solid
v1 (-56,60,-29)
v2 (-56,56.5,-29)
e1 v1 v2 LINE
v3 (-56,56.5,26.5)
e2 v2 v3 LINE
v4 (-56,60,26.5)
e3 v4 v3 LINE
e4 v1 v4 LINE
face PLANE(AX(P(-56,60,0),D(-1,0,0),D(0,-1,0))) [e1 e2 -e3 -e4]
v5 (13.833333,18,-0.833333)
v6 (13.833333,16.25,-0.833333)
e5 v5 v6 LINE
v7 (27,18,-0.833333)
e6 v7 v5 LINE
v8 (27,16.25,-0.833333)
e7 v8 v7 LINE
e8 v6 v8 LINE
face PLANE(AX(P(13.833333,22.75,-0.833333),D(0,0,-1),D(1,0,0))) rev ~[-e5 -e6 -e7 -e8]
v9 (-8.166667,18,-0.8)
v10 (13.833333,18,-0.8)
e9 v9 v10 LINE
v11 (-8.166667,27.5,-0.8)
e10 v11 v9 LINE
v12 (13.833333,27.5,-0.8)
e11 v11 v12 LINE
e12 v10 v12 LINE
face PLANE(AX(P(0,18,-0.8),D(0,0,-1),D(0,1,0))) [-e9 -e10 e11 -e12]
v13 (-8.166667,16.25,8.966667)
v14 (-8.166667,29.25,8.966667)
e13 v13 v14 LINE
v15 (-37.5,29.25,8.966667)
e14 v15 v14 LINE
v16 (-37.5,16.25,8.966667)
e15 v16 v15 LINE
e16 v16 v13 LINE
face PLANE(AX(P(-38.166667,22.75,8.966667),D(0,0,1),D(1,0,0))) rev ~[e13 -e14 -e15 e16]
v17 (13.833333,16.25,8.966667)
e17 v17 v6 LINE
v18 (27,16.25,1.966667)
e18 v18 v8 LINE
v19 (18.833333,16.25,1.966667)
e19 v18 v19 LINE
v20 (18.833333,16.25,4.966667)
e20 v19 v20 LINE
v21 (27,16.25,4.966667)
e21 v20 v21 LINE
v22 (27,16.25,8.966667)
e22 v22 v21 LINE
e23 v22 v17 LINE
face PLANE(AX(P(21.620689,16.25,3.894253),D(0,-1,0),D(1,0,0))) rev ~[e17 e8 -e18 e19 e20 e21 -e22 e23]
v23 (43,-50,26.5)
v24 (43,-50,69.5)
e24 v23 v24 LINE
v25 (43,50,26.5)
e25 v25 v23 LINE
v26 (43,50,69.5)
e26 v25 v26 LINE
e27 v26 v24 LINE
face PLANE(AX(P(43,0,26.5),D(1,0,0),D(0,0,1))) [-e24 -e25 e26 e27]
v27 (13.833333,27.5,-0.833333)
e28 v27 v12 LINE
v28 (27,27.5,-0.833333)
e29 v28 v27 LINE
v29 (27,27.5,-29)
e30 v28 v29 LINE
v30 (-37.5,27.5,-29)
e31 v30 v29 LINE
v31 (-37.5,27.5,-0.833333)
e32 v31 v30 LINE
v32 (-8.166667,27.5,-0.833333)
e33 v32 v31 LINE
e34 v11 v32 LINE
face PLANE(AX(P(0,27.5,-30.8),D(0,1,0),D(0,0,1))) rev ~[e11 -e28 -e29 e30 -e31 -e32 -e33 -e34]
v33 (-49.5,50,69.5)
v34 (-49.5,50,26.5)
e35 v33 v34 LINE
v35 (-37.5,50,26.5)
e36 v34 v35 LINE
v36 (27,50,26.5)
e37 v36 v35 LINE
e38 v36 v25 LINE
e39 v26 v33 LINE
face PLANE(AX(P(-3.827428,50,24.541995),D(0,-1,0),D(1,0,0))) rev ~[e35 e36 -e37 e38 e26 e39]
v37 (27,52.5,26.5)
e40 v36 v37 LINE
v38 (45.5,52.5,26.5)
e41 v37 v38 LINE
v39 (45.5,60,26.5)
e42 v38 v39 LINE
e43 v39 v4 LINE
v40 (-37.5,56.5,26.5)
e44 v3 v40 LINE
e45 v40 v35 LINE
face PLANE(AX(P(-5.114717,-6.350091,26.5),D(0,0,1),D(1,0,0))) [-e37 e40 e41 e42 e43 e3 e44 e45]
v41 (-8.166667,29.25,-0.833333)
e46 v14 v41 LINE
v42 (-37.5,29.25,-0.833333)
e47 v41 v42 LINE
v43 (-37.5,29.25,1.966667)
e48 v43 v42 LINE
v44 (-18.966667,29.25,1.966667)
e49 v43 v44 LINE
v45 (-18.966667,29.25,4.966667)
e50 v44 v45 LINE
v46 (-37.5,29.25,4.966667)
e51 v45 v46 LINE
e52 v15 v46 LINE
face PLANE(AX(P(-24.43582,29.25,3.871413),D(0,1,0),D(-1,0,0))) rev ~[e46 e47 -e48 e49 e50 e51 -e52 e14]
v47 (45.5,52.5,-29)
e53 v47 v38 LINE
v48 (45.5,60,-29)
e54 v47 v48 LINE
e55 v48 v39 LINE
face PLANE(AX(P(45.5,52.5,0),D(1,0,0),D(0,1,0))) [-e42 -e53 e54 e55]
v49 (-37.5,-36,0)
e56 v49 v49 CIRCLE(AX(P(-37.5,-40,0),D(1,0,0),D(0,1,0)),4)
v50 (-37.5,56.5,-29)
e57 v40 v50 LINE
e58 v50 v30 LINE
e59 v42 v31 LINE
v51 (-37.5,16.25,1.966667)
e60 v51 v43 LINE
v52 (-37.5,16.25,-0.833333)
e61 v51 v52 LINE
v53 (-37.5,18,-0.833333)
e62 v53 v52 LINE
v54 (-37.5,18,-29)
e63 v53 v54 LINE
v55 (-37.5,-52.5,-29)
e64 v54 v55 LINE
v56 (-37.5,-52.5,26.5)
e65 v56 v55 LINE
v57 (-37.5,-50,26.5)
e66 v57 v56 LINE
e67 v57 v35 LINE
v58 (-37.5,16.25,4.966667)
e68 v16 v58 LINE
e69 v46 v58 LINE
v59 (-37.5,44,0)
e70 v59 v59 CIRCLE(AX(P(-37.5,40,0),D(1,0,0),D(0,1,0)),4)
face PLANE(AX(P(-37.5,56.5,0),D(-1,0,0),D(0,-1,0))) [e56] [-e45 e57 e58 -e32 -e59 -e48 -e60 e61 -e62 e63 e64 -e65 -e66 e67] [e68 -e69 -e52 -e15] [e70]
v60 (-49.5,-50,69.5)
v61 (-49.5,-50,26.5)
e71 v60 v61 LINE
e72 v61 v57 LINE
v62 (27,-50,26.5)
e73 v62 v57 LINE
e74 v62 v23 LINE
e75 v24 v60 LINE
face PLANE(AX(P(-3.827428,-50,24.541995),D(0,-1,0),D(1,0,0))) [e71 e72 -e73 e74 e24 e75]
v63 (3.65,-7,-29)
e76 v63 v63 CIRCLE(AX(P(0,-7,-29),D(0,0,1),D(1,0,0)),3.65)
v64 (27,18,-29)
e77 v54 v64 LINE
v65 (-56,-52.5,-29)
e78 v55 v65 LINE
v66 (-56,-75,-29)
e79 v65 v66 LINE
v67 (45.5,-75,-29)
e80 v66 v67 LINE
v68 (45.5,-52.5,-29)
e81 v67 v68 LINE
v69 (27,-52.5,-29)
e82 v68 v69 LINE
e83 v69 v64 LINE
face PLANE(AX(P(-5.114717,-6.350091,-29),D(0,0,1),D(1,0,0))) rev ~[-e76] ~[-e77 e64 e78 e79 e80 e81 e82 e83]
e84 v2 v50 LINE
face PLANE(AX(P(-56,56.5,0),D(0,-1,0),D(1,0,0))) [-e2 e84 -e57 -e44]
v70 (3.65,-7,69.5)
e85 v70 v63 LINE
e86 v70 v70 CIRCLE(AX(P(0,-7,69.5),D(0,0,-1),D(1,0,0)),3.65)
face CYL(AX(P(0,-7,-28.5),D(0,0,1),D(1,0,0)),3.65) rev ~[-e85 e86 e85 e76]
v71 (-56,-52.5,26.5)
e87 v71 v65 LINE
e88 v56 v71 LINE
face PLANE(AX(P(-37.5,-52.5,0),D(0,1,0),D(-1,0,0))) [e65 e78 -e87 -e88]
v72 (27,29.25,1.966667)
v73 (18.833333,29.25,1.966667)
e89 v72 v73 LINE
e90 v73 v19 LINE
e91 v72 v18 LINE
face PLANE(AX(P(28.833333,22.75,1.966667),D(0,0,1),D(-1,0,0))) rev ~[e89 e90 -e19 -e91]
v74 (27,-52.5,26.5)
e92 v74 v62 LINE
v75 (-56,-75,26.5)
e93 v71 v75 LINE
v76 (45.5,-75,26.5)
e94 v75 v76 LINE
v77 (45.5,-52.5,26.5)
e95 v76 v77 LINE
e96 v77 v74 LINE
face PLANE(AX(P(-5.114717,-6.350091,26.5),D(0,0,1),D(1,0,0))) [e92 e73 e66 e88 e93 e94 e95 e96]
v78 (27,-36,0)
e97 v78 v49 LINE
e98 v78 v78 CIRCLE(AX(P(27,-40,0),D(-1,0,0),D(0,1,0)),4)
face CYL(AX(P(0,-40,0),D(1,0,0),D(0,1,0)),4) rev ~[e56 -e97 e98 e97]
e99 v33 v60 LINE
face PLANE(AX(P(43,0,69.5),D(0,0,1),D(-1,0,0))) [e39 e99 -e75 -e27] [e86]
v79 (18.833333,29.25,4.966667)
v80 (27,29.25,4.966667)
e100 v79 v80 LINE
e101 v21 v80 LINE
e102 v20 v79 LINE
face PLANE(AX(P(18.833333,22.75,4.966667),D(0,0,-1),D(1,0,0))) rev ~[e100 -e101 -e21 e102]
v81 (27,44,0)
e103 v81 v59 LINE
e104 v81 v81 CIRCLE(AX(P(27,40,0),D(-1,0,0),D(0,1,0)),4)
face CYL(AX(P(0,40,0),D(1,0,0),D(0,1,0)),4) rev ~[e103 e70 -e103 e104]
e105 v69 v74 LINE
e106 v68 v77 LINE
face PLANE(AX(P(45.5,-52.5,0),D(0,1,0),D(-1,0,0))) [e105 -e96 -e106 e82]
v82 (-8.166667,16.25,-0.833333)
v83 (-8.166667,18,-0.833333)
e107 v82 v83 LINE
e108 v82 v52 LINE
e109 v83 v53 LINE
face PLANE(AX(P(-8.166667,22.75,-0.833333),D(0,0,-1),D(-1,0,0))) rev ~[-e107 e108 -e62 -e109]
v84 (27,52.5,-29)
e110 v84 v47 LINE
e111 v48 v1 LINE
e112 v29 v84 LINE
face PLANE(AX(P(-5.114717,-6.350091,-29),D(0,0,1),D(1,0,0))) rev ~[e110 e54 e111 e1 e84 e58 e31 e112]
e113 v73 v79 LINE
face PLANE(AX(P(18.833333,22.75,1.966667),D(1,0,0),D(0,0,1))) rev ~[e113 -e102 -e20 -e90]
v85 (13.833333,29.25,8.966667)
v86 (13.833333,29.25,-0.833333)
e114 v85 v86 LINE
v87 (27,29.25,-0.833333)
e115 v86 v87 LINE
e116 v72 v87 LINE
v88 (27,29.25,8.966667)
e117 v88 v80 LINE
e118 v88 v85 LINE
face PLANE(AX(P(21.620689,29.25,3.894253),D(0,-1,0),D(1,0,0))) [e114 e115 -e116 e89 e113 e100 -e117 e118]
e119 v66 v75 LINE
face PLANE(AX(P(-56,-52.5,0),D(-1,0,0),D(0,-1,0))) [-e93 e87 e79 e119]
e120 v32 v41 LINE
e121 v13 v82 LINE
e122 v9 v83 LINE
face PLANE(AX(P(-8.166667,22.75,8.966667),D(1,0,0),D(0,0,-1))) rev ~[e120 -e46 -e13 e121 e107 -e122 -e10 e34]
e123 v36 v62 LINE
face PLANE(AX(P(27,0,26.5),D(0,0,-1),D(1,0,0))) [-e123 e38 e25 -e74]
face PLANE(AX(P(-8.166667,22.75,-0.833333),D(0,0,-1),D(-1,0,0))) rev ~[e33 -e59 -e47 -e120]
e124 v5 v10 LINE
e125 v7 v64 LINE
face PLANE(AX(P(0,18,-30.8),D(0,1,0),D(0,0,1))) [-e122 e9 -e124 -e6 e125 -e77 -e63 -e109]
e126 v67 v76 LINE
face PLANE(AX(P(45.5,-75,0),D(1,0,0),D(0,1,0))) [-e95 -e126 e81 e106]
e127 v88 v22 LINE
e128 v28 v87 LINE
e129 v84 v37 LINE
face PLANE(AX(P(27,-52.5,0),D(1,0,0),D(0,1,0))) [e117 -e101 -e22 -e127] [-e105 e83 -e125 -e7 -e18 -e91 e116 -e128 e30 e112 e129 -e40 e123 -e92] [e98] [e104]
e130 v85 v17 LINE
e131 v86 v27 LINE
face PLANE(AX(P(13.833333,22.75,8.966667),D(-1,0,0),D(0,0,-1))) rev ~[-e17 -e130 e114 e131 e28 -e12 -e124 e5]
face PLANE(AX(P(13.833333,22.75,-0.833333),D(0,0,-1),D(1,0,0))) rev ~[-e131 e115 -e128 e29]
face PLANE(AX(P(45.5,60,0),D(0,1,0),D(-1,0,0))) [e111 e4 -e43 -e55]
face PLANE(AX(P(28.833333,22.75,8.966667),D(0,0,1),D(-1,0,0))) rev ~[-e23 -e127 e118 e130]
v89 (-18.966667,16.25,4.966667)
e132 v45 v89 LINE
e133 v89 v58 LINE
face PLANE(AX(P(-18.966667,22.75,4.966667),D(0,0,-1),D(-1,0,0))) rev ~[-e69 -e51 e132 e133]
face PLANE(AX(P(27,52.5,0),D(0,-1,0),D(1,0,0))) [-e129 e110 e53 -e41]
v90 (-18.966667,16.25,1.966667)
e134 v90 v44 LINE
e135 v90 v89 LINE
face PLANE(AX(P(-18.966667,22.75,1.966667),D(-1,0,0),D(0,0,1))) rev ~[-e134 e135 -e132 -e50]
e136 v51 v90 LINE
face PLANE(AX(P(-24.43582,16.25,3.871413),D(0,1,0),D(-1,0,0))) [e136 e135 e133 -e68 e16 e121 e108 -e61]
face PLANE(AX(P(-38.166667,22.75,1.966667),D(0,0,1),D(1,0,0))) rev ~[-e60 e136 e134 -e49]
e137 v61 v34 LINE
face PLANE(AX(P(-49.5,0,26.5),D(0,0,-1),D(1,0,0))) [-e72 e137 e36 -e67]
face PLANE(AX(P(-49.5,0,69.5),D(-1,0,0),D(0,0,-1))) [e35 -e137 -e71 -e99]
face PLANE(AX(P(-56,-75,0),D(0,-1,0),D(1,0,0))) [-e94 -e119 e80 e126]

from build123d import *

# Parameters (mm, degrees)
PAD_DEPTH            = 50
PAD001_DEPTH         = 26.5
PAD001_DEPTH_BACK    = 29
SKETCH001_R          = 3.65
POCKET_DEPTH         = 0.501
POCKET_DEPTH_BACK    = -98.001
SKETCH002_R          = 4
SKETCH002_W          = 9.5
SKETCH002_H          = 30
POCKET001_DEPTH      = 56.001
POCKET001_DEPTH_BACK = -45.501
POCKET002_DEPTH      = 6.5


with BuildPart() as part:
    # Sketch → Pad (new body, symmetric)
    with BuildSketch(Plane.XZ):
        Polygon((-37.5, -28.5), (27, -28.5), (27, 26.5), (43, 26.5), (43, 69.5), (-49.5, 69.5), (-49.5, 26.5), (-37.5, 26.5), align=None)
    extrude(amount=PAD_DEPTH, both=True)

    # Sketch003 → Pad001 (join, two sides)
    with BuildSketch(Plane.XY) as pad001_sk:
        Polygon((-56, -52.5), (-56, -75), (45.5, -75), (45.5, -52.5), (27, -52.5), (27, 52.5), (45.5, 52.5), (45.5, 60), (-56, 60), (-56, 56.5), (-37.5, 56.5), (-37.5, -52.5), align=None)
    extrude(amount=PAD001_DEPTH)
    extrude(pad001_sk.sketch, amount=-PAD001_DEPTH_BACK)

    # Sketch001 → Pocket (cut, two sides)
    with BuildSketch(Plane.XY.offset(-28.5)) as pocket_sk:
        with Locations((0, -7)):
            Circle(SKETCH001_R)
    extrude(amount=-POCKET_DEPTH, mode=Mode.SUBTRACT)
    extrude(pocket_sk.sketch, amount=-POCKET_DEPTH_BACK, mode=Mode.SUBTRACT)

    # Sketch002 → Pocket001 (cut, two sides)
    with BuildSketch(Plane.YZ) as pocket001_sk:
        with Locations((-40, 0)):
            Circle(SKETCH002_R)
        with Locations((40, 0)):
            Circle(SKETCH002_R)
        with Locations((22.75, -15.8)):
            Rectangle(SKETCH002_W, SKETCH002_H)
    extrude(amount=-POCKET001_DEPTH, mode=Mode.SUBTRACT)
    extrude(pocket001_sk.sketch, amount=-POCKET001_DEPTH_BACK, mode=Mode.SUBTRACT)

    # Sketch004 (on DatumPlane) → Pocket002 (cut, symmetric)
    with BuildSketch(Plane(origin=(0.333333, 22.75, -10.033333), x_dir=(-1, 0, 0), z_dir=(0, 1, 0))):
        Polygon((-28.5, 19), (-13.5, 19), (-13.5, 9.2), (-28.5, 9.2), (-28.5, 12), (-18.5, 12), (-18.5, 15), (-28.5, 15), align=None)
        Polygon((38.5, 19), (8.5, 19), (8.5, 9.2), (38.5, 9.2), (38.5, 12), (19.3, 12), (19.3, 15), (38.5, 15), align=None)
    extrude(amount=POCKET002_DEPTH, both=True, mode=Mode.SUBTRACT)


solid = part.part
